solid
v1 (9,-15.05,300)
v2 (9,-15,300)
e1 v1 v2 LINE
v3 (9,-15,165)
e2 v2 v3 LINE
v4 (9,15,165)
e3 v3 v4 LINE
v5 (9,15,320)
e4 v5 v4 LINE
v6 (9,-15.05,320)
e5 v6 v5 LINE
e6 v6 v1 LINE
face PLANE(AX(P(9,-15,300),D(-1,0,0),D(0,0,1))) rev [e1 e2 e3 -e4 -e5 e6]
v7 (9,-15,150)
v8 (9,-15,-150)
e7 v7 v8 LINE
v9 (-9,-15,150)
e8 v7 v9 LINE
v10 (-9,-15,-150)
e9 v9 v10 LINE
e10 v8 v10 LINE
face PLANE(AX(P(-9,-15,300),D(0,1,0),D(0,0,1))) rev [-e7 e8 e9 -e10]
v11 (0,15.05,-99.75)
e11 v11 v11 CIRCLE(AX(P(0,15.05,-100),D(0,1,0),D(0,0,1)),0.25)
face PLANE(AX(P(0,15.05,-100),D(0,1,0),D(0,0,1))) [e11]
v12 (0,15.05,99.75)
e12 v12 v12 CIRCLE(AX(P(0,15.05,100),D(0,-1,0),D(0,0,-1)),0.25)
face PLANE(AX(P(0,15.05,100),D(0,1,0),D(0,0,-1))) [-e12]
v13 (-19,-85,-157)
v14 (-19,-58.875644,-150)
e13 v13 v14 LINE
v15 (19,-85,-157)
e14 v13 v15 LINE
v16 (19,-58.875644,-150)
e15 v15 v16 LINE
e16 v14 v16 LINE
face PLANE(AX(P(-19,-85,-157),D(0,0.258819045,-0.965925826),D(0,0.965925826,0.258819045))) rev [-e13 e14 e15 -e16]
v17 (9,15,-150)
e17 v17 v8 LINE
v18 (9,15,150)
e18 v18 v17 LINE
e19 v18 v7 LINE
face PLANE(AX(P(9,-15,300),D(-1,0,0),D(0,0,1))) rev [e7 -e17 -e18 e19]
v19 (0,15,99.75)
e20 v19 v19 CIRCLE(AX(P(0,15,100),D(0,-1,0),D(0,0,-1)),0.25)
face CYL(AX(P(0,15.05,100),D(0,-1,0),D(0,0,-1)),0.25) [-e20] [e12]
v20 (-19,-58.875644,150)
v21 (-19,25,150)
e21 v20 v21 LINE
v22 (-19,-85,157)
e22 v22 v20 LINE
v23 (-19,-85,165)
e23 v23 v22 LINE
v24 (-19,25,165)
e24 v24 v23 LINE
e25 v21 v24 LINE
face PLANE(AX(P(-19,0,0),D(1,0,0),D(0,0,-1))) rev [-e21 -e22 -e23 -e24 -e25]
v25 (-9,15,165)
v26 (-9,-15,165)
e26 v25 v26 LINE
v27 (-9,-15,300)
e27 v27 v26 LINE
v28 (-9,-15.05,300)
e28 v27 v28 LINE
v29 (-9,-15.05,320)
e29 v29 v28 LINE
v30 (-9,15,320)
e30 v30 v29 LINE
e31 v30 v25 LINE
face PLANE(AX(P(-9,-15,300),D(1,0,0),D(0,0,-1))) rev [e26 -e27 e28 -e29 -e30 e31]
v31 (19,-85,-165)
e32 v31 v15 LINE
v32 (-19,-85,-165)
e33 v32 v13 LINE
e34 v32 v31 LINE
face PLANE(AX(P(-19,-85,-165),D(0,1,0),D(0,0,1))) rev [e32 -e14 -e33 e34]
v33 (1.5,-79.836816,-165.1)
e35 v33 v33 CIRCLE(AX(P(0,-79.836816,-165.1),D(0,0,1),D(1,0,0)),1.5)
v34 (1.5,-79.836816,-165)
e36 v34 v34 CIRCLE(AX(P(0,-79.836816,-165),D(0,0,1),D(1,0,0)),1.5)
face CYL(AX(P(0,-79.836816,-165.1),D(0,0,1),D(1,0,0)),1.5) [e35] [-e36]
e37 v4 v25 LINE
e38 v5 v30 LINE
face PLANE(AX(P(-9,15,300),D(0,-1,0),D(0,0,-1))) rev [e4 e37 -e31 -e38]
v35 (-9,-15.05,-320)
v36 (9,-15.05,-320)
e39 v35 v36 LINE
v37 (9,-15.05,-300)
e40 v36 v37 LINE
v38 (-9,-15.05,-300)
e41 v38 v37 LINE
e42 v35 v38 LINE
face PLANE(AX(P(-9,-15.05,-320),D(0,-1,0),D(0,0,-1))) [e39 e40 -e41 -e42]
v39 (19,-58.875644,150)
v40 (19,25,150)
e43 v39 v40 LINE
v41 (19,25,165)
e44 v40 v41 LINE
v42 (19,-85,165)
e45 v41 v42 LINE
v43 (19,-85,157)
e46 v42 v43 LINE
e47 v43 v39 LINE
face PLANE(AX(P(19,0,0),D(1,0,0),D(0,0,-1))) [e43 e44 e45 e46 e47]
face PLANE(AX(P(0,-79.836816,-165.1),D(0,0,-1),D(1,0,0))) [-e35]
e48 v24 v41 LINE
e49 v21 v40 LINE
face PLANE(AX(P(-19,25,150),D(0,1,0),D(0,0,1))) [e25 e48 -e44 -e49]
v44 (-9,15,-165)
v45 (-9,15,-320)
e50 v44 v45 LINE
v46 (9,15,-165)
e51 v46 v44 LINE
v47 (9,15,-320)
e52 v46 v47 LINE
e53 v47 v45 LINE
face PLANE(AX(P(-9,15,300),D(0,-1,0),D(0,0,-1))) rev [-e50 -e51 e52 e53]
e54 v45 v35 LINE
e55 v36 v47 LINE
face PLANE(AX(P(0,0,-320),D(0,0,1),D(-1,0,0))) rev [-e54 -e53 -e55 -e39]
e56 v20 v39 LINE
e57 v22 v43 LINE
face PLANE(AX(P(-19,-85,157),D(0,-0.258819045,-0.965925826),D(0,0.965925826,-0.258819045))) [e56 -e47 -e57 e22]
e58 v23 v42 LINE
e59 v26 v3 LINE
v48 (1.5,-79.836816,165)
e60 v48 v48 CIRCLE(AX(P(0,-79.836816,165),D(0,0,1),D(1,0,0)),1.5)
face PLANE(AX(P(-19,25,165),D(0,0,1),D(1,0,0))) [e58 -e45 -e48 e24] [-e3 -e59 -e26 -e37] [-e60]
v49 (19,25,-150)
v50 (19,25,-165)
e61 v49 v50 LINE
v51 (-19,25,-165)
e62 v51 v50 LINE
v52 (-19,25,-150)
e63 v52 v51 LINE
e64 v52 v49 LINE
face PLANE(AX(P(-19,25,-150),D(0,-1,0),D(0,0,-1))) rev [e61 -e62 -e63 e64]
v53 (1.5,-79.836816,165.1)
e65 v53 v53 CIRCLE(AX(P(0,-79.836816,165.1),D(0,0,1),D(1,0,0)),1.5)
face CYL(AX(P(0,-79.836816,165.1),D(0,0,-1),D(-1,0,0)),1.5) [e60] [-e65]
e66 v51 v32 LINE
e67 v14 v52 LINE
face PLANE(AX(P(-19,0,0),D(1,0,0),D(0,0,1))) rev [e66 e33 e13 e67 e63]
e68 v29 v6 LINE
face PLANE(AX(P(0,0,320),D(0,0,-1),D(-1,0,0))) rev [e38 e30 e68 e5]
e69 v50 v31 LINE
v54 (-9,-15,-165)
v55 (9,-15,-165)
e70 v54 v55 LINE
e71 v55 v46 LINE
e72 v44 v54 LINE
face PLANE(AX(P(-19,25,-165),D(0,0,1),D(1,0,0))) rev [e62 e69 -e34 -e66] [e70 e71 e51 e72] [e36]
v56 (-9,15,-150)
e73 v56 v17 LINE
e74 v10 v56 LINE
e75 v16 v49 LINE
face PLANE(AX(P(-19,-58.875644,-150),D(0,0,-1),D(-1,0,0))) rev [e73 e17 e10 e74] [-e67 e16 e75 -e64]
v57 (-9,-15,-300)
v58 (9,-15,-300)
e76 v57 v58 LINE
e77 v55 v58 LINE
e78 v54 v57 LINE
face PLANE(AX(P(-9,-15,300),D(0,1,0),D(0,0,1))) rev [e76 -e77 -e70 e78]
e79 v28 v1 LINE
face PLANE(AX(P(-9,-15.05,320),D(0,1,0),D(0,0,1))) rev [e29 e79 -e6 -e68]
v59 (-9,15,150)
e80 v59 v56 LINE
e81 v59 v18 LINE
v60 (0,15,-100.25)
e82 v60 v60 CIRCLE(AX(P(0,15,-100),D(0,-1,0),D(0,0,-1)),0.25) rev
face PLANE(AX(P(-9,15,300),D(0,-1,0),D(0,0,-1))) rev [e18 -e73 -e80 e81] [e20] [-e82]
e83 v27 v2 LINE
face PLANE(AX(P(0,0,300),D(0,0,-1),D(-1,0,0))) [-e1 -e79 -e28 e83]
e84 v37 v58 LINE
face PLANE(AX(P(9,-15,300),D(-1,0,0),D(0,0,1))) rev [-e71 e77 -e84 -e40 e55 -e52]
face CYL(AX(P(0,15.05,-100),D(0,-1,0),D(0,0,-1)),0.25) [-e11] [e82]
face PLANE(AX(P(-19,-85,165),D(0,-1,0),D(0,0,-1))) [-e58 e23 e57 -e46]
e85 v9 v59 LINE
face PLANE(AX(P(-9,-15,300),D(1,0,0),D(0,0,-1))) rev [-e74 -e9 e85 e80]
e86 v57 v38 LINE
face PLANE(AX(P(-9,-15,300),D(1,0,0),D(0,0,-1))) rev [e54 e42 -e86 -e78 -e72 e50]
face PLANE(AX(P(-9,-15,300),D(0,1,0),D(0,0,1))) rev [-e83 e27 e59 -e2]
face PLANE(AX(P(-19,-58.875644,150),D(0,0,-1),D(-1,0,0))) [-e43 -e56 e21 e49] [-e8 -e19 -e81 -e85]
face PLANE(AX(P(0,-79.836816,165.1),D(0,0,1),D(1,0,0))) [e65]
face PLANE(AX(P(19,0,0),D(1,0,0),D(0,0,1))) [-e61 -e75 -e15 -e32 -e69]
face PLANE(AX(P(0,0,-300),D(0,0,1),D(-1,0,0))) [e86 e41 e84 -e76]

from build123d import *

# Parameters (mm, degrees)
SKETCH_1_W      = 18
SKETCH_1_H      = 30
EXTRUDE_1_DEPTH = 300
EXTRUDE_2_DEPTH = 20
EXTRUDE_3_DEPTH = 38
SKETCH_6_R      = 0.25
EXTRUDE_4_DEPTH = 0.05
SKETCH_8_R      = 1.5
EXTRUDE_5_DEPTH = 0.1


with BuildPart() as part:
    # 草图1 → 凸台-拉伸1 (new, symmetric)
    with BuildSketch(Plane.XY):
        Rectangle(SKETCH_1_W, SKETCH_1_H)
    extrude(amount=EXTRUDE_1_DEPTH, both=True)

    # 草图3 → 凸台-拉伸2 (add)
    with BuildSketch(Plane.XY.offset(300)):
        Polygon((-9, -15), (-9, -15.05), (9, -15.05), (9, -15), (9, 15), (-9, 15), align=None)
    extrude_2 = extrude(amount=EXTRUDE_2_DEPTH)

    # 镜向1: 凸台-拉伸2 across plane
    add(extrude_2.mirror(Plane.XY))

    # 草图5 → 凸台-拉伸3 (add)
    with BuildSketch(Plane(origin=(19, 0, 0), x_dir=(0, 0, -1), z_dir=(1, 0, 0))):
        Polygon((-165, 25), (-165, -85), (-157, -85), (-150, -58.875644347), (-150, 25), align=None)
    extrude_3 = extrude(amount=-EXTRUDE_3_DEPTH)

    # 镜向2: 凸台-拉伸3 across plane
    add(extrude_3.mirror(Plane.XY))

    # 草图6 → 凸台-拉伸4 (add)
    with BuildSketch(Plane(origin=(0, 15, 0), x_dir=(1, 0, 0), z_dir=(0, 1, 0))):
        with Locations(Location((0, 100, 0), (0, 0, 90))):
            Circle(SKETCH_6_R)
    extrude_4 = extrude(amount=EXTRUDE_4_DEPTH)

    # 镜向3: 凸台-拉伸4 across plane
    add(extrude_4.mirror(Plane.XY))

    # 草图8 → 凸台-拉伸5 (add)
    with BuildSketch(Plane(origin=(0, -26.505017173, 165), x_dir=(1, 0, 0), z_dir=(0, 0, 1))):
        with Locations((0, -53.331799003)):
            Circle(SKETCH_8_R)
    extrude_5 = extrude(amount=EXTRUDE_5_DEPTH)

    # 镜向4: 凸台-拉伸5 across plane
    add(extrude_5.mirror(Plane.XY))


solid = part.part
